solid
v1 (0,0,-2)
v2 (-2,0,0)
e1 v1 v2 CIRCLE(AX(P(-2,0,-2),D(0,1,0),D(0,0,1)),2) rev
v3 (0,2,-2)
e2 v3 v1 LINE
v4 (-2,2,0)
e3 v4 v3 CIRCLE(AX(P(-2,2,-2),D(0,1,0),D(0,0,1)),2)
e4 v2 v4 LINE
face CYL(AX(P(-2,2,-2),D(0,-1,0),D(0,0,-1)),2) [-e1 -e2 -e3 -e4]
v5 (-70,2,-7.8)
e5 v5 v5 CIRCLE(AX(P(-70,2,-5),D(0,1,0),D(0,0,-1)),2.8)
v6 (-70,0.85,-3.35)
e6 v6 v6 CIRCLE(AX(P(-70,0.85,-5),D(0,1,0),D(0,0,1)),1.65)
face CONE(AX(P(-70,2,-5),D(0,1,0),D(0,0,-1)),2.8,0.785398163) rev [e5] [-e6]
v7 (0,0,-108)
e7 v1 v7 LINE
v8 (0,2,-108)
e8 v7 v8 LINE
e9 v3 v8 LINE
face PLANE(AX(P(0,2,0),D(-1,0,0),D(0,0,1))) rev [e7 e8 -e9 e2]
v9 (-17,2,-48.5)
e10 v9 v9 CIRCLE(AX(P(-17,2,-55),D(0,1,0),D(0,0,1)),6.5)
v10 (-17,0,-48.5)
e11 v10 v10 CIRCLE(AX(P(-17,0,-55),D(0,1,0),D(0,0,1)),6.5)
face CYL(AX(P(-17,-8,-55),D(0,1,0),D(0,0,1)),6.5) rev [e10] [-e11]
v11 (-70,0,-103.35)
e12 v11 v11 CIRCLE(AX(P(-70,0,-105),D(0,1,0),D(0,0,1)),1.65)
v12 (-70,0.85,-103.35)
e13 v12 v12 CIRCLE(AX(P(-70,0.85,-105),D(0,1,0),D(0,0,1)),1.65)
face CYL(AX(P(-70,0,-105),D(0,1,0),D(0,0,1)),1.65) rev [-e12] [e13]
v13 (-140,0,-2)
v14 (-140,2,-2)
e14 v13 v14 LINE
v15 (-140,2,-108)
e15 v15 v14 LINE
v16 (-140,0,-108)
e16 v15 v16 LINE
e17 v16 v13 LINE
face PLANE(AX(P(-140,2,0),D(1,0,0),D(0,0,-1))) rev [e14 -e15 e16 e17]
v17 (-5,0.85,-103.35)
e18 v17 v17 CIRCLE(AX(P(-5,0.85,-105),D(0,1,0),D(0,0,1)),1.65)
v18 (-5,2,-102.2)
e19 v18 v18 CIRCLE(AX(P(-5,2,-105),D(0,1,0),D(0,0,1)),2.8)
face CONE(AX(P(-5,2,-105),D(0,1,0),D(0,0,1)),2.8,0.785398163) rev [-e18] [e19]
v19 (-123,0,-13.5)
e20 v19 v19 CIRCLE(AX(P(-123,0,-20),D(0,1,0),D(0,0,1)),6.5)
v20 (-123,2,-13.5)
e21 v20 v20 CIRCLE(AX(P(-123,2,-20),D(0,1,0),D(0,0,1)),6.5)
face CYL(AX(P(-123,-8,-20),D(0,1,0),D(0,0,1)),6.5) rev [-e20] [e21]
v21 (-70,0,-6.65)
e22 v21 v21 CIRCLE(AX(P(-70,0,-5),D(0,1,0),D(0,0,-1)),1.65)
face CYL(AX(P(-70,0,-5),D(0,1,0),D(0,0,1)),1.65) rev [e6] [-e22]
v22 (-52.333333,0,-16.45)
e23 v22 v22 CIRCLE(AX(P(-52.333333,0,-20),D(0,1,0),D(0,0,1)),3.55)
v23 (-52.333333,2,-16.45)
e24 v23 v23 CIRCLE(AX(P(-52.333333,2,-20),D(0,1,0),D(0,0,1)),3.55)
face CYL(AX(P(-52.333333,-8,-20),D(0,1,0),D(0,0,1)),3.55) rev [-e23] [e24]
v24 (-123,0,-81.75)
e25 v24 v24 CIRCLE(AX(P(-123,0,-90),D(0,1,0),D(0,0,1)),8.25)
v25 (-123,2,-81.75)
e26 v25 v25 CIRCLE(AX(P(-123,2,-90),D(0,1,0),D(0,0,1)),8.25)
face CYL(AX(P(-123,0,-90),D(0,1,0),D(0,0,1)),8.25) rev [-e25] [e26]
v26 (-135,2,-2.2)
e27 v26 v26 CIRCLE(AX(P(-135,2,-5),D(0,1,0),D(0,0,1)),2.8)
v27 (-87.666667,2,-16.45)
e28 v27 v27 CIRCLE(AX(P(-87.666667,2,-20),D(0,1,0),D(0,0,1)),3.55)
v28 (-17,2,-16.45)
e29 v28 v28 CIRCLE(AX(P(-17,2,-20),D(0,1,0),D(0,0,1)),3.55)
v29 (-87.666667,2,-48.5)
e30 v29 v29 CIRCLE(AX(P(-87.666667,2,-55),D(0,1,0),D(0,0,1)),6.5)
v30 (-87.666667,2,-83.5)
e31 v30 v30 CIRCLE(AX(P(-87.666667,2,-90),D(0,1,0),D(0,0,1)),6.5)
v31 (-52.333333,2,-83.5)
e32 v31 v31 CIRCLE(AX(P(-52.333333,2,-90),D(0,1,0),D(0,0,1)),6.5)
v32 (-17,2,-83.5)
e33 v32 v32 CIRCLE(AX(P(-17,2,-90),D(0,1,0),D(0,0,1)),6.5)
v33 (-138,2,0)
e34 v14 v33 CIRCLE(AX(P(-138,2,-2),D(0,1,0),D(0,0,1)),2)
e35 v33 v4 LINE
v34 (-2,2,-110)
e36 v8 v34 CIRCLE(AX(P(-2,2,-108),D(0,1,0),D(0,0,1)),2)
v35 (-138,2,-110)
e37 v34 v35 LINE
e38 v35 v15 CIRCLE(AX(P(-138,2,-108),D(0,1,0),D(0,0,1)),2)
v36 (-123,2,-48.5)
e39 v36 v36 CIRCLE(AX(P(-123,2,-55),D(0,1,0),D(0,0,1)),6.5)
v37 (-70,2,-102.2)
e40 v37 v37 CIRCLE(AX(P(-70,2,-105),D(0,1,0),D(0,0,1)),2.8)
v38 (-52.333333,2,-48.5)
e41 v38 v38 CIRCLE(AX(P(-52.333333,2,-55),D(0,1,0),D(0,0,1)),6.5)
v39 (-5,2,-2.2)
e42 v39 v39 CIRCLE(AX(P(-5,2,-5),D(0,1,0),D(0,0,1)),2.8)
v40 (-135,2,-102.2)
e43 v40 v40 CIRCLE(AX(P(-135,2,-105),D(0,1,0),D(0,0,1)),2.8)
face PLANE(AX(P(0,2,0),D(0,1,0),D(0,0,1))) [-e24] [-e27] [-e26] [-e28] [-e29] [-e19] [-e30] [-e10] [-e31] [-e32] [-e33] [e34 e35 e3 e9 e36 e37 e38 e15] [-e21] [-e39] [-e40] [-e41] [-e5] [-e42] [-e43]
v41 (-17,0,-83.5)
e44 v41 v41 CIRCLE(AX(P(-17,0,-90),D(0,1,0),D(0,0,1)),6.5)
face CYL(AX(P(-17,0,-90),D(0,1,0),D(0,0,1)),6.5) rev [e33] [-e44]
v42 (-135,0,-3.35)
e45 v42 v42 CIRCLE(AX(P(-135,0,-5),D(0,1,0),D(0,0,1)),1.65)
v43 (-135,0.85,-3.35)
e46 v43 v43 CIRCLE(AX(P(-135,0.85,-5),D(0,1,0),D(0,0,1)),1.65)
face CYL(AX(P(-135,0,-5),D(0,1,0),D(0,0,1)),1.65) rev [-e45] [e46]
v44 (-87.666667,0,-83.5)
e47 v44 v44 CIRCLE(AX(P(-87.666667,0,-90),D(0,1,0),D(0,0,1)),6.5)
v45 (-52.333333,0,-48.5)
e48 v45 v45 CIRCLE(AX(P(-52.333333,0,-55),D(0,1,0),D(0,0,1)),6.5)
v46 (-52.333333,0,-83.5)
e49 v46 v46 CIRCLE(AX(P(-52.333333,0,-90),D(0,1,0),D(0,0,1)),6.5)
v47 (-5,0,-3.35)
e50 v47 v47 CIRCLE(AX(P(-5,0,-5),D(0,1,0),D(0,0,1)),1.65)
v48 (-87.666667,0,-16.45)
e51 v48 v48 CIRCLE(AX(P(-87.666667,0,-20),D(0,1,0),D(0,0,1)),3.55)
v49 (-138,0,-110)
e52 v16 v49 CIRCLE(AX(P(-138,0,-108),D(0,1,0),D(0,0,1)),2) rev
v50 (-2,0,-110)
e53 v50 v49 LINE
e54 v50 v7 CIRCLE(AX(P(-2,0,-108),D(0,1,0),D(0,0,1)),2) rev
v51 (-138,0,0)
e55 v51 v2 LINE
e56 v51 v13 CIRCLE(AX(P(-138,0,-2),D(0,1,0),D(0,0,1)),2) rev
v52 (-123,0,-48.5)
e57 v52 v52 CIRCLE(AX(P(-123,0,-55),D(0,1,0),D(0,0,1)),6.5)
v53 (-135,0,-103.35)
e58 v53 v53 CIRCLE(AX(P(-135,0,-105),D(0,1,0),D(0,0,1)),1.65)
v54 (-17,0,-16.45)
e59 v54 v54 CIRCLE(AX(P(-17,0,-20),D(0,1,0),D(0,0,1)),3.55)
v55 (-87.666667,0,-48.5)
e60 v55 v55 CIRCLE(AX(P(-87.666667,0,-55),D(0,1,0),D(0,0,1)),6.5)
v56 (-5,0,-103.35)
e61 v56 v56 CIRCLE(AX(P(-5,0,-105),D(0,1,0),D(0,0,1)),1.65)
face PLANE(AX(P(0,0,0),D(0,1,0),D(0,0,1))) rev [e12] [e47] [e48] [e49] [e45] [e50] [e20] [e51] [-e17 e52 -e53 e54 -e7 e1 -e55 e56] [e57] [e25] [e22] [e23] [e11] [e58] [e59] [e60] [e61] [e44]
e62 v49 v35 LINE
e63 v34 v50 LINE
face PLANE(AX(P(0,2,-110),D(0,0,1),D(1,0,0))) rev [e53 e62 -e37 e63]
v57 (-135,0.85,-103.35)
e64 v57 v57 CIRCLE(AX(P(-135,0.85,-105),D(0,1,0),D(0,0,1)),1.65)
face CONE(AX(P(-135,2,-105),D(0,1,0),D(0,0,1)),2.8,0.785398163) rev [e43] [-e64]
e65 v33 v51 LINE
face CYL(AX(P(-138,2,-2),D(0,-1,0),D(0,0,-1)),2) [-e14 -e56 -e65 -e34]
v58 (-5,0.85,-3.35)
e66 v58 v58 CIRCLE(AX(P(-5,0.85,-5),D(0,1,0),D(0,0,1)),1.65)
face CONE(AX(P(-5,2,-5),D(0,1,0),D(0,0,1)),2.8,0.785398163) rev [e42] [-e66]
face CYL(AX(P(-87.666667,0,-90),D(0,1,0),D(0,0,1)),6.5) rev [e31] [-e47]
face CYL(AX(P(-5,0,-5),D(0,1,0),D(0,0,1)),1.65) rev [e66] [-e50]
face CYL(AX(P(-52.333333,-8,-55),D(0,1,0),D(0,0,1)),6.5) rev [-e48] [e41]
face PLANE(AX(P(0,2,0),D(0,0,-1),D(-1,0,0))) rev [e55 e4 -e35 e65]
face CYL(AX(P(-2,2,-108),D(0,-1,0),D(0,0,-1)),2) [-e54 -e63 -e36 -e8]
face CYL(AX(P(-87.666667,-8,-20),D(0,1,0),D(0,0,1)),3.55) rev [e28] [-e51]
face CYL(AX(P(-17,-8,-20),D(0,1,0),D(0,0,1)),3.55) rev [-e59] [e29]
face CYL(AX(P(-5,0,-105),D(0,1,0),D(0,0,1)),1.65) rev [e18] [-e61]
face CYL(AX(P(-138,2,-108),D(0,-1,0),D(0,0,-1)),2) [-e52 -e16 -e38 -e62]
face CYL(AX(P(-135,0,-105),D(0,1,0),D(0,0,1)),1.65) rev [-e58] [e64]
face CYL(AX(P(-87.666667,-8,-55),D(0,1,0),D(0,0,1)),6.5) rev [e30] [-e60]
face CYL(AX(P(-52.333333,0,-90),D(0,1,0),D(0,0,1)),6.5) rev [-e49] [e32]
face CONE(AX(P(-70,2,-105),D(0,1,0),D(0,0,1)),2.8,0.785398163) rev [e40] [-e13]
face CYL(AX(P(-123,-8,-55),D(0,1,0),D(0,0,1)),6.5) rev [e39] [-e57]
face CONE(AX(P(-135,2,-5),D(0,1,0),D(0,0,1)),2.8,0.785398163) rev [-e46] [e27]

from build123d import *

# Parameters (mm, degrees)
BOTTOM_PLATE_W                       = 140
BOTTOM_PLATE_H                       = 110
BOTTOM_PLATE_EXT_DEPTH               = 2
TOP_ROW_R                            = 8.25
TOP_ROW_R_2                          = 6.5
TOP_ROW_CUT_DEPTH                    = 179.056170912
SKETCH2_R                            = 6.5
SKETCH2_R_2                          = 3.55
BOTTOM_ROW_CUT_DEPTH                 = 10
SKETCH3_R                            = 6.5
CENTER_ROW_CUT_DEPTH                 = 10
PLATE_SCREWS_R                       = 1.65
PLATE_SCREWS_CUT_DEPTH               = 179.056170912
PLATE_SCREW_HEAD_R                   = 2.8
PLATE_SCREW_HEAD_CUT_DEPTH           = 2
PLATE_SCREW_HEAD_CUT_DRAFT           = -45
PLATE_SCREW_HEAD_CUT_PROFILE_2_DEPTH = 2
PLATE_SCREW_HEAD_CUT_PROFILE_2_DRAFT = -45
PLATE_SCREW_HEAD_CUT_PROFILE_3_DEPTH = 2
PLATE_SCREW_HEAD_CUT_PROFILE_3_DRAFT = -45
PLATE_SCREW_HEAD_CUT_PROFILE_4_DEPTH = 2
PLATE_SCREW_HEAD_CUT_PROFILE_4_DRAFT = -45
PLATE_SCREW_HEAD_CUT_PROFILE_5_DEPTH = 2
PLATE_SCREW_HEAD_CUT_PROFILE_5_DRAFT = -45
PLATE_SCREW_HEAD_CUT_PROFILE_6_DEPTH = 2
PLATE_SCREW_HEAD_CUT_PROFILE_6_DRAFT = -45
FILLET1_R                            = 2
FILLET2_R                            = 2
FILLET3_R                            = 2
FILLET4_R                            = 2


with BuildPart() as part:
    # Bottom Plate → Bottom Plate EXT (new body)
    with BuildSketch(Plane(origin=(0, 0, 0), x_dir=(1, 0, 0), z_dir=(0, 1, 0))):
        with Locations((-70, 55)):
            Rectangle(BOTTOM_PLATE_W, BOTTOM_PLATE_H)
    extrude(amount=BOTTOM_PLATE_EXT_DEPTH)

    # Top Row → Top Row Cut (cut, through all)
    with BuildSketch(Plane(origin=(0, 2, 0), x_dir=(1, 0, 0), z_dir=(0, 1, 0))):
        with Locations(Location((-123, 90, 0), (0, 0, 270))):
            Circle(TOP_ROW_R)
        with Locations(Location((-87.666666667, 90, 0), (0, 0, 270))):
            Circle(TOP_ROW_R_2)
        with Locations(Location((-52.333333333, 90, 0), (0, 0, 270))):
            Circle(TOP_ROW_R_2)
        with Locations(Location((-17, 90, 0), (0, 0, 270))):
            Circle(TOP_ROW_R_2)
    extrude(amount=-TOP_ROW_CUT_DEPTH, mode=Mode.SUBTRACT)

    # Sketch2 → Bottom Row Cut (cut)
    with BuildSketch(Plane(origin=(0, 2, 0), x_dir=(1, 0, 0), z_dir=(0, 1, 0))):
        with Locations(Location((-123, 20, 0), (0, 0, 270))):
            Circle(SKETCH2_R)
        with Locations(Location((-87.666666667, 20, 0), (0, 0, 270))):
            Circle(SKETCH2_R_2)
        with Locations(Location((-52.333333333, 20, 0), (0, 0, 270))):
            Circle(SKETCH2_R_2)
        with Locations(Location((-17, 20, 0), (0, 0, 270))):
            Circle(SKETCH2_R_2)
    extrude(amount=-BOTTOM_ROW_CUT_DEPTH, mode=Mode.SUBTRACT)

    # Sketch3 → Center Row Cut (cut)
    with BuildSketch(Plane(origin=(0, 2, 0), x_dir=(1, 0, 0), z_dir=(0, 1, 0))):
        with Locations(Location((-123, 55, 0), (0, 0, 270))):
            Circle(SKETCH3_R)
        with Locations(Location((-87.666666667, 55, 0), (0, 0, 270))):
            Circle(SKETCH3_R)
        with Locations(Location((-52.333333333, 55, 0), (0, 0, 270))):
            Circle(SKETCH3_R)
        with Locations(Location((-17, 55, 0), (0, 0, 270))):
            Circle(SKETCH3_R)
    extrude(amount=-CENTER_ROW_CUT_DEPTH, mode=Mode.SUBTRACT)

    # Plate Screws → Plate Screws Cut (cut, through all)
    with BuildSketch(Plane(origin=(0, 2, 0), x_dir=(1, 0, 0), z_dir=(0, 1, 0))):
        with Locations(Location((-135, 105, 0), (0, 0, 270))):
            Circle(PLATE_SCREWS_R)
        with Locations(Location((-5, 105, 0), (0, 0, 270))):
            Circle(PLATE_SCREWS_R)
        with Locations(Location((-5, 5, 0), (0, 0, 270))):
            Circle(PLATE_SCREWS_R)
        with Locations(Location((-135, 5, 0), (0, 0, 270))):
            Circle(PLATE_SCREWS_R)
        with Locations(Location((-70, 105, 0), (0, 0, 270))):
            Circle(PLATE_SCREWS_R)
        with Locations(Location((-70, 5, 0), (0, 0, 90))):
            Circle(PLATE_SCREWS_R)
    extrude(amount=-PLATE_SCREWS_CUT_DEPTH, mode=Mode.SUBTRACT)


with BuildPart() as plate_screw_head_cut_tool:
    # Plate Screw Head → Plate Screw Head Cut (with draft: the straight prism first)
    with BuildSketch(Plane(origin=(0, 2, 0), x_dir=(1, 0, 0), z_dir=(0, 1, 0))):
        with Locations((-135, 105)):
            Circle(PLATE_SCREW_HEAD_R)
    extrude(amount=-PLATE_SCREW_HEAD_CUT_DEPTH)
    # Plate Screw Head Cut: the draft: its side faces are tilted about the plane it starts from
    plate_screw_head_cut_sides = [plate_screw_head_cut_tool.faces().sort_by_distance(p)[0] for p in [
        (-137.8, 1, -105),
    ]]
    draft(plate_screw_head_cut_sides, Plane(origin=(0, 2, 0), x_dir=(1, 0, 0), z_dir=(0, 1, 0)), PLATE_SCREW_HEAD_CUT_DRAFT)


with BuildPart() as part_1:
    add(part.part)

    # Plate Screw Head Cut: cut by plate_screw_head_cut_tool
    add(plate_screw_head_cut_tool.part, mode=Mode.SUBTRACT)


with BuildPart() as plate_screw_head_cut_profile_2_tool:
    # Plate Screw Head → Plate Screw Head Cut profile 2 (with draft: the straight prism first)
    with BuildSketch(Plane(origin=(0, 2, 0), x_dir=(1, 0, 0), z_dir=(0, 1, 0))):
        with Locations((-5, 105)):
            Circle(PLATE_SCREW_HEAD_R)
    extrude(amount=-PLATE_SCREW_HEAD_CUT_PROFILE_2_DEPTH)
    # Plate Screw Head Cut profile 2: the draft: its side faces are tilted about the plane it starts from
    plate_screw_head_cut_profile_2_sides = [plate_screw_head_cut_profile_2_tool.faces().sort_by_distance(p)[0] for p in [
        (-7.8, 1, -105),
    ]]
    draft(plate_screw_head_cut_profile_2_sides, Plane(origin=(0, 2, 0), x_dir=(1, 0, 0), z_dir=(0, 1, 0)), PLATE_SCREW_HEAD_CUT_PROFILE_2_DRAFT)


with BuildPart() as part_2:
    add(part_1.part)

    # Plate Screw Head Cut profile 2: cut by plate_screw_head_cut_profile_2_tool
    add(plate_screw_head_cut_profile_2_tool.part, mode=Mode.SUBTRACT)


with BuildPart() as plate_screw_head_cut_profile_3_tool:
    # Plate Screw Head → Plate Screw Head Cut profile 3 (with draft: the straight prism first)
    with BuildSketch(Plane(origin=(0, 2, 0), x_dir=(1, 0, 0), z_dir=(0, 1, 0))):
        with Locations((-5, 5)):
            Circle(PLATE_SCREW_HEAD_R)
    extrude(amount=-PLATE_SCREW_HEAD_CUT_PROFILE_3_DEPTH)
    # Plate Screw Head Cut profile 3: the draft: its side faces are tilted about the plane it starts from
    plate_screw_head_cut_profile_3_sides = [plate_screw_head_cut_profile_3_tool.faces().sort_by_distance(p)[0] for p in [
        (-7.8, 1, -5),
    ]]
    draft(plate_screw_head_cut_profile_3_sides, Plane(origin=(0, 2, 0), x_dir=(1, 0, 0), z_dir=(0, 1, 0)), PLATE_SCREW_HEAD_CUT_PROFILE_3_DRAFT)


with BuildPart() as part_3:
    add(part_2.part)

    # Plate Screw Head Cut profile 3: cut by plate_screw_head_cut_profile_3_tool
    add(plate_screw_head_cut_profile_3_tool.part, mode=Mode.SUBTRACT)


with BuildPart() as plate_screw_head_cut_profile_4_tool:
    # Plate Screw Head → Plate Screw Head Cut profile 4 (with draft: the straight prism first)
    with BuildSketch(Plane(origin=(0, 2, 0), x_dir=(1, 0, 0), z_dir=(0, 1, 0))):
        with Locations((-135, 5)):
            Circle(PLATE_SCREW_HEAD_R)
    extrude(amount=-PLATE_SCREW_HEAD_CUT_PROFILE_4_DEPTH)
    # Plate Screw Head Cut profile 4: the draft: its side faces are tilted about the plane it starts from
    plate_screw_head_cut_profile_4_sides = [plate_screw_head_cut_profile_4_tool.faces().sort_by_distance(p)[0] for p in [
        (-137.8, 1, -5),
    ]]
    draft(plate_screw_head_cut_profile_4_sides, Plane(origin=(0, 2, 0), x_dir=(1, 0, 0), z_dir=(0, 1, 0)), PLATE_SCREW_HEAD_CUT_PROFILE_4_DRAFT)


with BuildPart() as part_4:
    add(part_3.part)

    # Plate Screw Head Cut profile 4: cut by plate_screw_head_cut_profile_4_tool
    add(plate_screw_head_cut_profile_4_tool.part, mode=Mode.SUBTRACT)


with BuildPart() as plate_screw_head_cut_profile_5_tool:
    # Plate Screw Head → Plate Screw Head Cut profile 5 (with draft: the straight prism first)
    with BuildSketch(Plane(origin=(0, 2, 0), x_dir=(1, 0, 0), z_dir=(0, 1, 0))):
        with Locations((-70, 105)):
            Circle(PLATE_SCREW_HEAD_R)
    extrude(amount=-PLATE_SCREW_HEAD_CUT_PROFILE_5_DEPTH)
    # Plate Screw Head Cut profile 5: the draft: its side faces are tilted about the plane it starts from
    plate_screw_head_cut_profile_5_sides = [plate_screw_head_cut_profile_5_tool.faces().sort_by_distance(p)[0] for p in [
        (-72.8, 1, -105),
    ]]
    draft(plate_screw_head_cut_profile_5_sides, Plane(origin=(0, 2, 0), x_dir=(1, 0, 0), z_dir=(0, 1, 0)), PLATE_SCREW_HEAD_CUT_PROFILE_5_DRAFT)


with BuildPart() as part_5:
    add(part_4.part)

    # Plate Screw Head Cut profile 5: cut by plate_screw_head_cut_profile_5_tool
    add(plate_screw_head_cut_profile_5_tool.part, mode=Mode.SUBTRACT)


with BuildPart() as plate_screw_head_cut_profile_6_tool:
    # Plate Screw Head → Plate Screw Head Cut profile 6 (with draft: the straight prism first)
    with BuildSketch(Plane(origin=(0, 2, 0), x_dir=(1, 0, 0), z_dir=(0, 1, 0))):
        with Locations((-70, 5)):
            Circle(PLATE_SCREW_HEAD_R)
    extrude(amount=-PLATE_SCREW_HEAD_CUT_PROFILE_6_DEPTH)
    # Plate Screw Head Cut profile 6: the draft: its side faces are tilted about the plane it starts from
    plate_screw_head_cut_profile_6_sides = [plate_screw_head_cut_profile_6_tool.faces().sort_by_distance(p)[0] for p in [
        (-72.8, 1, -5),
    ]]
    draft(plate_screw_head_cut_profile_6_sides, Plane(origin=(0, 2, 0), x_dir=(1, 0, 0), z_dir=(0, 1, 0)), PLATE_SCREW_HEAD_CUT_PROFILE_6_DRAFT)


with BuildPart() as part_6:
    add(part_5.part)

    # Plate Screw Head Cut profile 6: cut by plate_screw_head_cut_profile_6_tool
    add(plate_screw_head_cut_profile_6_tool.part, mode=Mode.SUBTRACT)

    # Fillet1
    fillet1_edges = [part_6.edges().sort_by_distance(p)[0] for p in [
        (-140, 1, -110),
    ]]
    fillet(fillet1_edges, radius=FILLET1_R)

    # Fillet2
    fillet2_edges = [part_6.edges().sort_by_distance(p)[0] for p in [
        (0, 1, -110),
    ]]
    fillet(fillet2_edges, radius=FILLET2_R)

    # Fillet3
    fillet3_edges = [part_6.edges().sort_by_distance(p)[0] for p in [
        (0, 1, 0),
    ]]
    fillet(fillet3_edges, radius=FILLET3_R)

    # Fillet4
    fillet4_edges = [part_6.edges().sort_by_distance(p)[0] for p in [
        (-140, 1, 0),
    ]]
    fillet(fillet4_edges, radius=FILLET4_R)


solid = part_6.part
